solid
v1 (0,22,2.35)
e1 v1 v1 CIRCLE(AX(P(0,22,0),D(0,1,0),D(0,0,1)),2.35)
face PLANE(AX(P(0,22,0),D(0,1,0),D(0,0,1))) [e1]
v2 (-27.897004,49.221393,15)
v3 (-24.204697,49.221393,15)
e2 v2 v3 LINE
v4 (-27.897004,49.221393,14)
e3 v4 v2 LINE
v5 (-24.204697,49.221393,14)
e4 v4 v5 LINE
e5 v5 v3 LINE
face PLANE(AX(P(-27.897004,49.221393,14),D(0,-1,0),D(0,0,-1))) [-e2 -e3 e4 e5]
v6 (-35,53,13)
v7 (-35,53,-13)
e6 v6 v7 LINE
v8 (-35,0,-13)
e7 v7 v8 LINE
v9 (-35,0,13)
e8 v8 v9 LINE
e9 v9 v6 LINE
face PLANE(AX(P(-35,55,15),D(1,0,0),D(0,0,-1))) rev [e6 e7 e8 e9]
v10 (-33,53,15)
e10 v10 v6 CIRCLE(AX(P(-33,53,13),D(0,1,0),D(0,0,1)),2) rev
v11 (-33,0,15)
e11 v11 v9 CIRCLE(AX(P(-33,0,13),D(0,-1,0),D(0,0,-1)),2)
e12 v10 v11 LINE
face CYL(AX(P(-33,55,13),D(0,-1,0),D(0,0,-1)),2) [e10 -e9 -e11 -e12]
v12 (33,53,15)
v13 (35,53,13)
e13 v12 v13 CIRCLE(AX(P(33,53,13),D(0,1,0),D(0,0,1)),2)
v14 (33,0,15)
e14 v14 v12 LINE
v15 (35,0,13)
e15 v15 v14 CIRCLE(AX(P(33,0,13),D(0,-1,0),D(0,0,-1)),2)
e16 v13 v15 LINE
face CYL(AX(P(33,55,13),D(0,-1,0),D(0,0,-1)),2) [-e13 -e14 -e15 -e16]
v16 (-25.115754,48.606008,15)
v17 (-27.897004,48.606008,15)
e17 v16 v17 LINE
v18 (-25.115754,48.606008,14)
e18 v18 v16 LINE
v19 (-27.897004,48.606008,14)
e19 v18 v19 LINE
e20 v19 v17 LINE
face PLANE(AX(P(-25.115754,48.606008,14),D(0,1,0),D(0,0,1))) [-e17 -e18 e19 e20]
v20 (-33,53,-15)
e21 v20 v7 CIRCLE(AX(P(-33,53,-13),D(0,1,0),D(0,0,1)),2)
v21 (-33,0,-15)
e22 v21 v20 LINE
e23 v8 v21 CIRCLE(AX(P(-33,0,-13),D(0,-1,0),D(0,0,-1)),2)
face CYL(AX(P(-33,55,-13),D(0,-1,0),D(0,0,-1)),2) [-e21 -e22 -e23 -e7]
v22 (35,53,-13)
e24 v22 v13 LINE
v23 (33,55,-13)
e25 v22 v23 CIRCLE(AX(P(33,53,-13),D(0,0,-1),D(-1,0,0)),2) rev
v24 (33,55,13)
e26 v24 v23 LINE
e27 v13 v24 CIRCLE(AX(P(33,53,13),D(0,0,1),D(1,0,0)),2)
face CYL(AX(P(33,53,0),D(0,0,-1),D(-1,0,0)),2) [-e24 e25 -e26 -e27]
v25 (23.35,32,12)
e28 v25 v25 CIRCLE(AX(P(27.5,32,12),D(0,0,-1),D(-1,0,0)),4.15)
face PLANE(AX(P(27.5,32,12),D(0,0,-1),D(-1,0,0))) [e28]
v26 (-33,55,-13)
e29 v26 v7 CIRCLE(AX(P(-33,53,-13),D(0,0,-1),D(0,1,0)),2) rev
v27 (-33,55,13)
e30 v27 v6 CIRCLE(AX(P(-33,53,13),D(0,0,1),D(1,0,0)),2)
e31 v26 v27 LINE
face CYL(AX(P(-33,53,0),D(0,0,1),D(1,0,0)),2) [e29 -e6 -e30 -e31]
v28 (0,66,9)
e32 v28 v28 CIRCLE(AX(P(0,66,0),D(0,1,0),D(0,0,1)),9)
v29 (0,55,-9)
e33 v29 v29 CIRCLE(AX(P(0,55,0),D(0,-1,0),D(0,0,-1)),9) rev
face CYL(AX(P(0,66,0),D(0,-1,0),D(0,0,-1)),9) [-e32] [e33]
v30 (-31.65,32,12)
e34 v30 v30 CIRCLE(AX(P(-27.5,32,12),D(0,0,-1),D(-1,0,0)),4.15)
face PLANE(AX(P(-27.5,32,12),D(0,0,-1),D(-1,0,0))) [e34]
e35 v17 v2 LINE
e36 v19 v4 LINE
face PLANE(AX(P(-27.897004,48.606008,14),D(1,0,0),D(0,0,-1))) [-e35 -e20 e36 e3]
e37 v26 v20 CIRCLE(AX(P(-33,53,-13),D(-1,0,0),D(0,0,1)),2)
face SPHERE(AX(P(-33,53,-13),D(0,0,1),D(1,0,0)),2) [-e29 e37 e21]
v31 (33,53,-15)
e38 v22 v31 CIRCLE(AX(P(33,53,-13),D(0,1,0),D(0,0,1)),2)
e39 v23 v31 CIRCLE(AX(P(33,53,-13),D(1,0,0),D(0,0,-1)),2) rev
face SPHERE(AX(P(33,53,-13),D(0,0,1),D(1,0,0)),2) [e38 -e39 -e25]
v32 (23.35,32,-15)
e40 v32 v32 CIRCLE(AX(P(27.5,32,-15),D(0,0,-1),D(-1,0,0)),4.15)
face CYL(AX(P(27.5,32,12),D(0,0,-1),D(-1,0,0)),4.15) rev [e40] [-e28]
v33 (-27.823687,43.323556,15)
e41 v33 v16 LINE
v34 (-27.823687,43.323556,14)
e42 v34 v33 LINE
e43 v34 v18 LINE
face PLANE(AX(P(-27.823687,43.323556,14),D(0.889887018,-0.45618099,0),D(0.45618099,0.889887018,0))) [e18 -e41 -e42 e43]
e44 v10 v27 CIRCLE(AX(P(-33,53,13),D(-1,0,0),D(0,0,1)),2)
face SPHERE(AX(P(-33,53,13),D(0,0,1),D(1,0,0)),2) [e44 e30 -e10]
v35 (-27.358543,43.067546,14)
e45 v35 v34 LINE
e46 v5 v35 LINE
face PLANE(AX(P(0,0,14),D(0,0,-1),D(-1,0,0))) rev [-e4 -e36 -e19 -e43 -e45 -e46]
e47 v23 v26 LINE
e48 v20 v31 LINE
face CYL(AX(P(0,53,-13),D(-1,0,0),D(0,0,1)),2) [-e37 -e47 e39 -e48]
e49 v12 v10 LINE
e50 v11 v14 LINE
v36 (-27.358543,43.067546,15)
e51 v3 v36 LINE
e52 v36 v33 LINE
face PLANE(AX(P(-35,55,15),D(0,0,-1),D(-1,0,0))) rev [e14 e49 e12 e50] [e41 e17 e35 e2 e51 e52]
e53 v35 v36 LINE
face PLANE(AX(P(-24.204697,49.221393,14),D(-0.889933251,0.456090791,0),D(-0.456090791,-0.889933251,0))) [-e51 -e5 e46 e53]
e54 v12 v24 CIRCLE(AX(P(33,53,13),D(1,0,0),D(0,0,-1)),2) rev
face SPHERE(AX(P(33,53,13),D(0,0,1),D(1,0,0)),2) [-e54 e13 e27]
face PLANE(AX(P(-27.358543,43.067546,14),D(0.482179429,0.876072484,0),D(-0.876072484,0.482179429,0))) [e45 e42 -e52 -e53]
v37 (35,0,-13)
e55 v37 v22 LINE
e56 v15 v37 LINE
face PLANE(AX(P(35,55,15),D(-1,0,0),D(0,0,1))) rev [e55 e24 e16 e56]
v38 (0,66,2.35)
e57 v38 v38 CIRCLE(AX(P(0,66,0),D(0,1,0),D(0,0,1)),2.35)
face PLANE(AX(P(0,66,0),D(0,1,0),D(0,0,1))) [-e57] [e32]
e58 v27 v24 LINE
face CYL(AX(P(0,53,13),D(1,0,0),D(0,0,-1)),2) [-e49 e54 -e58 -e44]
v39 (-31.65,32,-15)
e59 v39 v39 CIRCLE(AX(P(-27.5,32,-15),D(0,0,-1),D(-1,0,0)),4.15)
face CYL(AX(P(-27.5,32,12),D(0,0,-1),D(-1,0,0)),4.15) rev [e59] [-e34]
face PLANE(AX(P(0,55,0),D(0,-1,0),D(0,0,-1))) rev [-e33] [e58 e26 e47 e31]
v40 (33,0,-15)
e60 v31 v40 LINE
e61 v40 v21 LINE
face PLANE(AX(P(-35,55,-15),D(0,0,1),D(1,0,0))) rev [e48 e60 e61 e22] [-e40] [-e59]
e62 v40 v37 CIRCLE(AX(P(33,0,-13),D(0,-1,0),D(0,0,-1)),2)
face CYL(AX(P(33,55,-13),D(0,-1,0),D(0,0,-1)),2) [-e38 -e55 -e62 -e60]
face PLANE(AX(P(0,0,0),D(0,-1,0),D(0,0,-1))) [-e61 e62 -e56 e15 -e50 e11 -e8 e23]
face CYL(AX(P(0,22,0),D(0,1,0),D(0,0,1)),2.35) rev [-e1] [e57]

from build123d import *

# Parameters (mm, degrees)
CROQUIS1_W              = 70
CROQUIS1_H              = 30
SALIENTE_EXTRUIR1_DEPTH = 55
CROQUIS9_R              = 4.15
CORTAR_EXTRUIR6_DEPTH   = 27
REDONDEO1_R             = 2
CORTAR_EXTRUIR9_DEPTH   = 1
CROQUIS13_R             = 9
SALIENTE_EXTRUIR2_DEPTH = 11
CROQUIS14_R             = 2.35
CORTAR_EXTRUIR10_DEPTH  = 44


with BuildPart() as part:
    # Croquis1 → Saliente-Extruir1 (new body)
    with BuildSketch(Plane(origin=(0, 0, 0), x_dir=(1, 0, 0), z_dir=(0, 1, 0))):
        Rectangle(CROQUIS1_W, CROQUIS1_H)
    extrude(amount=SALIENTE_EXTRUIR1_DEPTH)

    # Croquis9 → Cortar-Extruir6 (cut)
    with BuildSketch(Plane(origin=(0, 0, -15), x_dir=(-1, 0, 0), z_dir=(0, 0, -1))):
        with Locations((-27.5, 32)):
            Circle(CROQUIS9_R)
        with Locations((27.5, 32)):
            Circle(CROQUIS9_R)
    extrude(amount=-CORTAR_EXTRUIR6_DEPTH, mode=Mode.SUBTRACT)

    # Redondeo1
    redondeo1_edges = [part.edges().sort_by_distance(p)[0] for p in [
        (-35, 55, 0),
        (0, 55, 15),
        (35, 55, 0),
        (0, 55, -15),
        (35, 27.5, 15),
        (-35, 27.5, 15),
        (-35, 27.5, -15),
        (35, 27.5, -15),
    ]]
    fillet(redondeo1_edges, radius=REDONDEO1_R)

    # Croquis12 → Cortar-Extruir9 (cut)
    with BuildSketch(Plane.XY.offset(15)):
        Polygon((-27.897004406, 49.221392525), (-24.204696713, 49.221392525), (-27.358542867, 43.067546371), (-27.823687098, 43.323555986), (-25.115754406, 48.606007909), (-27.897004406, 48.606007909), align=None)
    extrude(amount=-CORTAR_EXTRUIR9_DEPTH, mode=Mode.SUBTRACT)

    # Croquis13 → Saliente-Extruir2 (add)
    with BuildSketch(Plane(origin=(0, 55, 0), x_dir=(1, 0, 0), z_dir=(0, 1, 0))):
        with Locations(Location((0, 0, 0), (0, 0, 90))):
            Circle(CROQUIS13_R)
    extrude(amount=SALIENTE_EXTRUIR2_DEPTH)

    # Croquis14 → Cortar-Extruir10 (cut)
    with BuildSketch(Plane(origin=(0, 66, 0), x_dir=(1, 0, 0), z_dir=(0, 1, 0))):
        with Locations(Location((0, 0, 0), (0, 0, 270))):
            Circle(CROQUIS14_R)
    extrude(amount=-CORTAR_EXTRUIR10_DEPTH, mode=Mode.SUBTRACT)


solid = part.part
